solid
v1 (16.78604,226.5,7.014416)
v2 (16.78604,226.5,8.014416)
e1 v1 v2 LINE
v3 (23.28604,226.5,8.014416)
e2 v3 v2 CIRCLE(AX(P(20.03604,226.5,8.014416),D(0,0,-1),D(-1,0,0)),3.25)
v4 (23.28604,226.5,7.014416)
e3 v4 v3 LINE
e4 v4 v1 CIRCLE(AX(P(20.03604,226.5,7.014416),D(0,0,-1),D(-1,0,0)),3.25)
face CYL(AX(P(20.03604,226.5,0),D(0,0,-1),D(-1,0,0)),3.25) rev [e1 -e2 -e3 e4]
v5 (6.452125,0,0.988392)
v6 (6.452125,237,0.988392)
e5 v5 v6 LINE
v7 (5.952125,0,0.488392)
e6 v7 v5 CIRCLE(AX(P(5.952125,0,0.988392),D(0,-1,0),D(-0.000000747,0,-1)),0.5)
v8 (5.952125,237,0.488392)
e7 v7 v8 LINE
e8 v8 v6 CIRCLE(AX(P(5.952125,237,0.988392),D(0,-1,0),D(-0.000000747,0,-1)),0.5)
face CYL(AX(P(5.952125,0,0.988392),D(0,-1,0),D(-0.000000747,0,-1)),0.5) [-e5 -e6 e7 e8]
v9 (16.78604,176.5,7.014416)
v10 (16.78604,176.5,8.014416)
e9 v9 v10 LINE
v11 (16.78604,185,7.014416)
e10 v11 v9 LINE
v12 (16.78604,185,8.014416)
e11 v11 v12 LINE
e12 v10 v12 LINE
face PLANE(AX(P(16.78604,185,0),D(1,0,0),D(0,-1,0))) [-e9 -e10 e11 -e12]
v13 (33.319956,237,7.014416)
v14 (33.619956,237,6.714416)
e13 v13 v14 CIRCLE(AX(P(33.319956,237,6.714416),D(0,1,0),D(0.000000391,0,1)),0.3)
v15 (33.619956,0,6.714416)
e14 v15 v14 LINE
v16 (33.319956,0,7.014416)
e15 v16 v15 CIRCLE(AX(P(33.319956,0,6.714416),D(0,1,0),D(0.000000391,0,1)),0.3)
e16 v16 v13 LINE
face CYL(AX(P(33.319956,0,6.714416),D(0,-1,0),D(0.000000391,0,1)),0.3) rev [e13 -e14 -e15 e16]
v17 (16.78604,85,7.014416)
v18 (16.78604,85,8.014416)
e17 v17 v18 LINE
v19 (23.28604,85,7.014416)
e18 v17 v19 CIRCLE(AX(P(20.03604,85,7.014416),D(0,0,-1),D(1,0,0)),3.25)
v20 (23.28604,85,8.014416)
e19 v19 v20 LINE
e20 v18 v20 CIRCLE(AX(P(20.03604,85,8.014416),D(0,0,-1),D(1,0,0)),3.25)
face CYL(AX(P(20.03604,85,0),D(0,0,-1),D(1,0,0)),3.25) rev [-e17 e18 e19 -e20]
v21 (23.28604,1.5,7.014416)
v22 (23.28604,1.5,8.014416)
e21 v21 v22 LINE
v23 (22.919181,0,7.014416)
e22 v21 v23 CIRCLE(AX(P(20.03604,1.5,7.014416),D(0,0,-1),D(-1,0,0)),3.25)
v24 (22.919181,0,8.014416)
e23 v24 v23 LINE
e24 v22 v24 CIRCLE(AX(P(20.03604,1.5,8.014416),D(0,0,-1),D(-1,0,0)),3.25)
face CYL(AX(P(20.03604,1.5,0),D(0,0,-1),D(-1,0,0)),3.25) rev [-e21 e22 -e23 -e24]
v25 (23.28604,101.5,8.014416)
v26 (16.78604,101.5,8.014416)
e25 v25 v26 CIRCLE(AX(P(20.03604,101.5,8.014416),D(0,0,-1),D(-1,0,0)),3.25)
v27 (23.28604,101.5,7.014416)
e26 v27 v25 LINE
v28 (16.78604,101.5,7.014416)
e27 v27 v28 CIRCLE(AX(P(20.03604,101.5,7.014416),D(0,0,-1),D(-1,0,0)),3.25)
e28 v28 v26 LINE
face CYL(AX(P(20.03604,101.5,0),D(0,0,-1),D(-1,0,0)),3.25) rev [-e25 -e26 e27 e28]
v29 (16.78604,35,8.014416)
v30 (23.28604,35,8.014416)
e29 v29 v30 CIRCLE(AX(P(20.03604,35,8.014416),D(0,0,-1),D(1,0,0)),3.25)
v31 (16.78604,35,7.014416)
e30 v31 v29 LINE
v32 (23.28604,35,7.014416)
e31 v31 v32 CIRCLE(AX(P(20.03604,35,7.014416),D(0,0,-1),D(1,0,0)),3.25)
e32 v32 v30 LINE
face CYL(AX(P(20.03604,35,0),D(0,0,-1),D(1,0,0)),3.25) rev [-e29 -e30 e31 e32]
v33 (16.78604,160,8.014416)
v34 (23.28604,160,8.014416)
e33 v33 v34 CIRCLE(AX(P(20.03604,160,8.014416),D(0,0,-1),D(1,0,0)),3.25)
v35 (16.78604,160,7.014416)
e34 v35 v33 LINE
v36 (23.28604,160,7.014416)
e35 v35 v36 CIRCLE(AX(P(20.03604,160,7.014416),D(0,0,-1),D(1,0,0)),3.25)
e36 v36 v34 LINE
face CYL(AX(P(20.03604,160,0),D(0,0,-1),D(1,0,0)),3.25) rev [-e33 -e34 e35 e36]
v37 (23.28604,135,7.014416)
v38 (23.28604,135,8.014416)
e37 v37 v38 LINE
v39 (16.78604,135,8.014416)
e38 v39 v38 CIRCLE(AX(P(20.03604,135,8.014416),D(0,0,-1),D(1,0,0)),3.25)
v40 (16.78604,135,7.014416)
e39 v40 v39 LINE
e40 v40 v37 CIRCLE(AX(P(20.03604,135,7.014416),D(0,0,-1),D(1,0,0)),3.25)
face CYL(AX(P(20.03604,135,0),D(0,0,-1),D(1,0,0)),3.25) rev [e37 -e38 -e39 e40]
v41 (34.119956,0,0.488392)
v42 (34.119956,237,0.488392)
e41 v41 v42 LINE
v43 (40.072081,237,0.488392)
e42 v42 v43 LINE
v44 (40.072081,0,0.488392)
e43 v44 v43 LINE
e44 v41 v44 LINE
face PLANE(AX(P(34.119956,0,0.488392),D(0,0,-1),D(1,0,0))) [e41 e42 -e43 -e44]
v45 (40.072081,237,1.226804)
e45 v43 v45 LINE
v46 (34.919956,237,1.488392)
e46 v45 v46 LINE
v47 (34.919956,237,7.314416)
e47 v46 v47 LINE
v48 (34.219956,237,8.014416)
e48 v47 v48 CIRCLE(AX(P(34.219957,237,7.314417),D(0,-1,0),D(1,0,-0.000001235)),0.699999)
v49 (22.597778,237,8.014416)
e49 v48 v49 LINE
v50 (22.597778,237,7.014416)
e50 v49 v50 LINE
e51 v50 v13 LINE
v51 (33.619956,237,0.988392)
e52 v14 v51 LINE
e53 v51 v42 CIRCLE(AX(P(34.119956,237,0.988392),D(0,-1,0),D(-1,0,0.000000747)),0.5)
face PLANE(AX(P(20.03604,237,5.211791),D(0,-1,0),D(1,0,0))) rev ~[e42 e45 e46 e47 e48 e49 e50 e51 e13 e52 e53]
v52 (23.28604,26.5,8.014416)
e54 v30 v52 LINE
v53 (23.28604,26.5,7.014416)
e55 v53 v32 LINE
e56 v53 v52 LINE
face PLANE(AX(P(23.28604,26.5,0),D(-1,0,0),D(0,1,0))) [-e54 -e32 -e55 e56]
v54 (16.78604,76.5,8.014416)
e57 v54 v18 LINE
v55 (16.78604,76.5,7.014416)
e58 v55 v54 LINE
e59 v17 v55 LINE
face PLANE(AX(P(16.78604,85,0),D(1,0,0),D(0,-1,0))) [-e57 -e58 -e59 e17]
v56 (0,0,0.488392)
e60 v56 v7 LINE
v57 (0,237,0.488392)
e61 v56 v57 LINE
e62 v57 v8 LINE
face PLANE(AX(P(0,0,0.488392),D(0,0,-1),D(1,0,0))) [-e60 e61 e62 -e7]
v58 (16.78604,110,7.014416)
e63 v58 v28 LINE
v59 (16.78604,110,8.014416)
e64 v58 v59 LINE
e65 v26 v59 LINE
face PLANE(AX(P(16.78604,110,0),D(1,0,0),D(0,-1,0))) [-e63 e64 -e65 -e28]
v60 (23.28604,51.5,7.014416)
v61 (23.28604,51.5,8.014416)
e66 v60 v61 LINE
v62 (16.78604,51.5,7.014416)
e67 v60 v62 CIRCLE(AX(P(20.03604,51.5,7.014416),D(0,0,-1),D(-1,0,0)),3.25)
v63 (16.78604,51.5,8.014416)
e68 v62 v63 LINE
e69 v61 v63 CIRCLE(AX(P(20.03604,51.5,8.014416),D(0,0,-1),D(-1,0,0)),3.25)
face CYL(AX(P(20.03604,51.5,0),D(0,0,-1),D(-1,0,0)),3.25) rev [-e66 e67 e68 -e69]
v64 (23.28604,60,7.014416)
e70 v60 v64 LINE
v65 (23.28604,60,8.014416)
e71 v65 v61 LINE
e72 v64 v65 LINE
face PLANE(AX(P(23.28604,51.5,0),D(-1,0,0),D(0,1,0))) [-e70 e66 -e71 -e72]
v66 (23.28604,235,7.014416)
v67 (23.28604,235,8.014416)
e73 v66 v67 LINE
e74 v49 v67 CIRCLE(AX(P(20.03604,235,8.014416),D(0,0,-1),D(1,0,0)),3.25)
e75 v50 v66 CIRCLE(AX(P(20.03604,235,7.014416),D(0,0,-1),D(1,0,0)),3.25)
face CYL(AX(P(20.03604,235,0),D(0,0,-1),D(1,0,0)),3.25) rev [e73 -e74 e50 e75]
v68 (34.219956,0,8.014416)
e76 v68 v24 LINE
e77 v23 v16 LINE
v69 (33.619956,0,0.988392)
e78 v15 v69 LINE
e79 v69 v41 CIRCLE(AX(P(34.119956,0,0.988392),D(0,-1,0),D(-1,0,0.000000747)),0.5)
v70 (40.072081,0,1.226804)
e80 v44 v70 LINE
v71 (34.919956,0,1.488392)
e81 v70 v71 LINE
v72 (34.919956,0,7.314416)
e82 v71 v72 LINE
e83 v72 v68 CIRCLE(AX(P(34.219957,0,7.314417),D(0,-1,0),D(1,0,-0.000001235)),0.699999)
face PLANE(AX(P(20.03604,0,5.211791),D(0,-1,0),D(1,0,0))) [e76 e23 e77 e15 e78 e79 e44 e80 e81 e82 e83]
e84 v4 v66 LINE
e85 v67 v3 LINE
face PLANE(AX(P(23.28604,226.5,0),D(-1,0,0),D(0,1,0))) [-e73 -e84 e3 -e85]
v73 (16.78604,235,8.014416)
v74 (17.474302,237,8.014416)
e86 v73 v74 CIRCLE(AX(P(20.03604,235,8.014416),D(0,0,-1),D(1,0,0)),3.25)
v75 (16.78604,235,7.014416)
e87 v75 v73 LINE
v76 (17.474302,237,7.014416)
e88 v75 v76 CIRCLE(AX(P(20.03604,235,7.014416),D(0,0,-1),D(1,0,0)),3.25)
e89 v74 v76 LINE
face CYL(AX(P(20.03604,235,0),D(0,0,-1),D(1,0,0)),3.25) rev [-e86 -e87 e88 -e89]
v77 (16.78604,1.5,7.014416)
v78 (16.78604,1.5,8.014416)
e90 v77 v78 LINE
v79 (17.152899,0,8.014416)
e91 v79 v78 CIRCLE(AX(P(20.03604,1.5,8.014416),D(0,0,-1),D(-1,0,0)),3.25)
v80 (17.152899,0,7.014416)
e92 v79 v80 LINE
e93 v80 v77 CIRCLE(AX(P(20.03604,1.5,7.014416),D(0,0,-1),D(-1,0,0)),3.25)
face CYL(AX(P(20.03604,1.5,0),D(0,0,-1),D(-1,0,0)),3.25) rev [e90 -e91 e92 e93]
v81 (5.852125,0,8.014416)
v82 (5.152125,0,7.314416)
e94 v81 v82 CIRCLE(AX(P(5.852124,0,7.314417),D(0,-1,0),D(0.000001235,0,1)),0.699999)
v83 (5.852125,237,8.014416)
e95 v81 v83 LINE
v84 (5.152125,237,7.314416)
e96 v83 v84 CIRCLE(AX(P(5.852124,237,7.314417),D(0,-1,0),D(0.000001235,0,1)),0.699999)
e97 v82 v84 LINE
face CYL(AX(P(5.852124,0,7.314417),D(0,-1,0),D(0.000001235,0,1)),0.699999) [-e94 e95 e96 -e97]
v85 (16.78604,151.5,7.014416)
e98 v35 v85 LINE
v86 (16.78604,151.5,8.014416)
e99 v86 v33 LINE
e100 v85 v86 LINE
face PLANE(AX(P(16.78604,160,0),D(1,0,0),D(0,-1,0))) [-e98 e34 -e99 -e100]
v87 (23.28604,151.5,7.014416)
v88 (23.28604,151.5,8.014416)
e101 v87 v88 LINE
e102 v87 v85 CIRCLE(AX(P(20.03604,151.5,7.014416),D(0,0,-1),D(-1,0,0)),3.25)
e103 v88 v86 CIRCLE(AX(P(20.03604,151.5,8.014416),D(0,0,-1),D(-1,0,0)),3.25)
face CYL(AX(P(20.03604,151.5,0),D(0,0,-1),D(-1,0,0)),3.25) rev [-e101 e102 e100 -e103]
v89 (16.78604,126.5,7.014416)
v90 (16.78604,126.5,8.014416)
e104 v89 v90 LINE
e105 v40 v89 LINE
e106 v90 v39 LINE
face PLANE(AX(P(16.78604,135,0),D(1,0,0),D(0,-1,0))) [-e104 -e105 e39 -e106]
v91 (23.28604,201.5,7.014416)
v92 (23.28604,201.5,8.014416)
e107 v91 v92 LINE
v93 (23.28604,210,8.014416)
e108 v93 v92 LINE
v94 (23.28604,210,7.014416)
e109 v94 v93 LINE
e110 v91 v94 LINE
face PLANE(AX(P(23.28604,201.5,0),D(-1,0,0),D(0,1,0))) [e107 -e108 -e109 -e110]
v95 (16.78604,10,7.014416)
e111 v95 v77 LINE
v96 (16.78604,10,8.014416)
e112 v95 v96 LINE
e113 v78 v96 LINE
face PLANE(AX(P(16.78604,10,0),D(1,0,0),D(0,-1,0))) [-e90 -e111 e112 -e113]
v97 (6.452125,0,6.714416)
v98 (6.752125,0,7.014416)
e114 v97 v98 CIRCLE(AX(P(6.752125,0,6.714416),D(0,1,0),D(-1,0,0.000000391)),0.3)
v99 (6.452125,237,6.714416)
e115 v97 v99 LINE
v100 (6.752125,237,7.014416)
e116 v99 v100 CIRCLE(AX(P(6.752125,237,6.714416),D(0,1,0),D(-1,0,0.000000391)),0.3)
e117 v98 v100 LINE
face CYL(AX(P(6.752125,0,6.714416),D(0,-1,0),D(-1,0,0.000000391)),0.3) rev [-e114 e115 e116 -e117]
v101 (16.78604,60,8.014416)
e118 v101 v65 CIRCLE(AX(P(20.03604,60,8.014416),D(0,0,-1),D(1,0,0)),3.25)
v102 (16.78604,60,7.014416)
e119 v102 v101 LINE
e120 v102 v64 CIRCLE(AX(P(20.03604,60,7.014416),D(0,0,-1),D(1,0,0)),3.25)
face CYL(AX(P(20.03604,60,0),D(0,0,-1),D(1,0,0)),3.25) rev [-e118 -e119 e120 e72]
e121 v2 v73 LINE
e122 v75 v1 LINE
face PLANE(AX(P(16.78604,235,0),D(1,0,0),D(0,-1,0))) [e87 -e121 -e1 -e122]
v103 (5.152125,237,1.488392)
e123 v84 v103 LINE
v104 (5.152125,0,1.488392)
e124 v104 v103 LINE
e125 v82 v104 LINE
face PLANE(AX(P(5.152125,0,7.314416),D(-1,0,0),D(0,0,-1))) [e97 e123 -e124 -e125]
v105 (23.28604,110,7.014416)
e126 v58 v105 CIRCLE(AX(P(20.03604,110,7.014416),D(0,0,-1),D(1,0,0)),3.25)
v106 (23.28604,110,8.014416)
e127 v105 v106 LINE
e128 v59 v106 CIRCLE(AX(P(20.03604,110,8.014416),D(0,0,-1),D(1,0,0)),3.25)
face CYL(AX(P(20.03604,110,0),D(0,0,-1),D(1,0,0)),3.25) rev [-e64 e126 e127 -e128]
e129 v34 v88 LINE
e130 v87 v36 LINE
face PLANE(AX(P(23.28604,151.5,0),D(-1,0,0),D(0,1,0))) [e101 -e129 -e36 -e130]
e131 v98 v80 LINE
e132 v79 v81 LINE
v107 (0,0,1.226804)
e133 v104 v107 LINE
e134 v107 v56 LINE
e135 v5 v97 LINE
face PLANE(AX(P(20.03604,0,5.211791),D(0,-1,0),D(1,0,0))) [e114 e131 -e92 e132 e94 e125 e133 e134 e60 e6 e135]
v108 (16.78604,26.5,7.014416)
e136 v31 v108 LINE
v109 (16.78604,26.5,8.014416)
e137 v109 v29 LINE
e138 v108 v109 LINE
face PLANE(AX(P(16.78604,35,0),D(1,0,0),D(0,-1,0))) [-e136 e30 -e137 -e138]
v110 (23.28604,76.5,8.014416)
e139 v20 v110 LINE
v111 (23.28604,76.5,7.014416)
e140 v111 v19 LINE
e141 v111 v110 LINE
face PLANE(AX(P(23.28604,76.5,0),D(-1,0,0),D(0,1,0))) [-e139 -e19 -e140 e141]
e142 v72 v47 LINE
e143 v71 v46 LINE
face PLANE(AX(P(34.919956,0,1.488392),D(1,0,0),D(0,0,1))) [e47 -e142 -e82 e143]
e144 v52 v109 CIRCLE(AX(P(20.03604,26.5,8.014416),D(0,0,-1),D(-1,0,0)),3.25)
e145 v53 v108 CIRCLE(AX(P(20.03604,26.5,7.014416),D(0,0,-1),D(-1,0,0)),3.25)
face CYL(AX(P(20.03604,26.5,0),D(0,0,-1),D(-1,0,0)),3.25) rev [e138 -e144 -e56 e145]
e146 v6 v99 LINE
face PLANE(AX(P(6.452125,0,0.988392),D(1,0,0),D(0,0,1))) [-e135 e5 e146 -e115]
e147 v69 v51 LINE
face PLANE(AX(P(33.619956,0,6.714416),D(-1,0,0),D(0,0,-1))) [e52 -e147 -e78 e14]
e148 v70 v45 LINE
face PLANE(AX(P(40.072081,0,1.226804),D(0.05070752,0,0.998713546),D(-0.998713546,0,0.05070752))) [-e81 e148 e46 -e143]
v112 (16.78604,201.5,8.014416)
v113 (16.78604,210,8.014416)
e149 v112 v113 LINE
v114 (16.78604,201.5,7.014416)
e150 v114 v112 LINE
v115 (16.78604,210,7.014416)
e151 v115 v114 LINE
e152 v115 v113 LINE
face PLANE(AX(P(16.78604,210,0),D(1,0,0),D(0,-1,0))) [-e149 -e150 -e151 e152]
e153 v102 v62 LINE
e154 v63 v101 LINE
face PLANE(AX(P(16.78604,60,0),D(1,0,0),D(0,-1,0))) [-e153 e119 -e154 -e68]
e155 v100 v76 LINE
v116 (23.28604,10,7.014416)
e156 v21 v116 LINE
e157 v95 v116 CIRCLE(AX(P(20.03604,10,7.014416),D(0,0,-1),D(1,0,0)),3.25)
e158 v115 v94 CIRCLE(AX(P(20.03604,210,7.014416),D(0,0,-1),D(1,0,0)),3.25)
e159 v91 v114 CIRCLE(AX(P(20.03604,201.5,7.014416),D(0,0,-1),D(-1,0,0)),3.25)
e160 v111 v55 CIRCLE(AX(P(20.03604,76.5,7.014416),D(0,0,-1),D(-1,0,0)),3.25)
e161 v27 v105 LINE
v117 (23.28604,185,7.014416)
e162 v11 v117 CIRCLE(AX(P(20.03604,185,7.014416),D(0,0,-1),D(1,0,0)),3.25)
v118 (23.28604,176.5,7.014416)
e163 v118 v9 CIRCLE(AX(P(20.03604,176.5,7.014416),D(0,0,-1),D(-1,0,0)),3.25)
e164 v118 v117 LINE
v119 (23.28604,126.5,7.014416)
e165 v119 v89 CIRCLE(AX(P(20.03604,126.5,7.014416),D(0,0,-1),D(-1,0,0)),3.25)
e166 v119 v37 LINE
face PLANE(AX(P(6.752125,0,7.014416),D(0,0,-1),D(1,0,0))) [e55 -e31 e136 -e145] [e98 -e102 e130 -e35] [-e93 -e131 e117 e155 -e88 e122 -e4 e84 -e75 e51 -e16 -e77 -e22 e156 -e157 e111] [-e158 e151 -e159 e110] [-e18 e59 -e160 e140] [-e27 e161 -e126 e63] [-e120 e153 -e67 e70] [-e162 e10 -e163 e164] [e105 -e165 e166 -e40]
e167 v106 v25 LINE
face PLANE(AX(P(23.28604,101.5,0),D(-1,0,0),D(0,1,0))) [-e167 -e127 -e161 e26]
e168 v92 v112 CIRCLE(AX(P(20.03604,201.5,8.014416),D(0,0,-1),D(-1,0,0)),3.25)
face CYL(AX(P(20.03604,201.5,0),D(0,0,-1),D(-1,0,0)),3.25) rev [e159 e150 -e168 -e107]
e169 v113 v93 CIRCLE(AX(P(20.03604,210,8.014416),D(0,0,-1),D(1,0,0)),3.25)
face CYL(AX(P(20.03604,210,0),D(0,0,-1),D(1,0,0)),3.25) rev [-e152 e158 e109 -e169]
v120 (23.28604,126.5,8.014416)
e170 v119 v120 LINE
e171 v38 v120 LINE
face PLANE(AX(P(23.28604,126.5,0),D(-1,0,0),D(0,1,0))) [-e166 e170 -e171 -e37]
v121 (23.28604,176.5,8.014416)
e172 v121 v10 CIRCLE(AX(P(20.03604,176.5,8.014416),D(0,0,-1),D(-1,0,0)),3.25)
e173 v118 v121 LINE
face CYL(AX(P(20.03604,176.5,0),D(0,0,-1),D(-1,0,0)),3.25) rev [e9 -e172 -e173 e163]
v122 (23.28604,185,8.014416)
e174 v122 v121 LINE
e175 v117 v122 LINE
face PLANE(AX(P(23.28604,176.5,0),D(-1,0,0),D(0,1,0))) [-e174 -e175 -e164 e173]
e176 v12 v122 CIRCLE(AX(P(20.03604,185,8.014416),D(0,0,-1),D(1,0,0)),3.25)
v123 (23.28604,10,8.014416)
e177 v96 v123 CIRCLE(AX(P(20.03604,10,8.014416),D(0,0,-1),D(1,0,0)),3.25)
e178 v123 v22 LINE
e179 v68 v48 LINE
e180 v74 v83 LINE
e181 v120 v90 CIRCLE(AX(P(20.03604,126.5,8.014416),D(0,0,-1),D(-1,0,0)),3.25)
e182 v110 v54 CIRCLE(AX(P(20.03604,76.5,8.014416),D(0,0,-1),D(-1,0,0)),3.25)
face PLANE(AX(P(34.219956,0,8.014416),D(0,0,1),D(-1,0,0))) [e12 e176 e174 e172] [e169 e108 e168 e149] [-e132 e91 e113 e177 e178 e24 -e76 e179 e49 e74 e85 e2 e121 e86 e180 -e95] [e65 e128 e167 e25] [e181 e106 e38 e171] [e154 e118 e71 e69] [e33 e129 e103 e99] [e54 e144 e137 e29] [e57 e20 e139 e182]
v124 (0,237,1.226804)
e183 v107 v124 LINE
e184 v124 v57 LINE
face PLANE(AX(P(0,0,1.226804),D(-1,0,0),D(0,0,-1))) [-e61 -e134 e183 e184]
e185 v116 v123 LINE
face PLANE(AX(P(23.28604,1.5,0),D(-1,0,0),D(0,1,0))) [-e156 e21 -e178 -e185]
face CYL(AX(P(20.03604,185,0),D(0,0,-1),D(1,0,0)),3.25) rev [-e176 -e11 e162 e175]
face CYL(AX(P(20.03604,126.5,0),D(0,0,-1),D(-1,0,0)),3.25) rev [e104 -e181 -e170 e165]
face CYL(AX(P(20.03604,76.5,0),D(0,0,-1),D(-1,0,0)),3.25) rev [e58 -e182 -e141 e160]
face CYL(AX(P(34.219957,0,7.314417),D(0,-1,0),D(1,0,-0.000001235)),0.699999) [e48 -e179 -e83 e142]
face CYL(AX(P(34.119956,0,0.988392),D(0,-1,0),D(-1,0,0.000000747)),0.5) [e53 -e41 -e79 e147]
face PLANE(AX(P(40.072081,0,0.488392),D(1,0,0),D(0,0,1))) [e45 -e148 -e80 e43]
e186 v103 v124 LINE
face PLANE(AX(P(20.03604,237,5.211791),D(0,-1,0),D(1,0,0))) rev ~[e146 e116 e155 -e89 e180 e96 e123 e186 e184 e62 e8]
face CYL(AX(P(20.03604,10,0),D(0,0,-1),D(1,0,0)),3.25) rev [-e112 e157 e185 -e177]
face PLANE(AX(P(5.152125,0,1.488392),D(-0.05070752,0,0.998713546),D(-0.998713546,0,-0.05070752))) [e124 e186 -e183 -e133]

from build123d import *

# Parameters (mm, degrees)
F1_DEPTH = 237
F3_DEPTH = 8.015416


with BuildPart() as f1:
    # F0 (on Front) → F1 (new body)
    with BuildSketch(Plane.XZ):
        with BuildLine():
            Line((5.152125, 1.488392), (0, 1.226804))
            Line((0, 1.226804), (0, 0.488392))
            Line((0, 0.488392), (5.952125, 0.488392))
            ThreePointArc((5.952125, 0.488392), (6.305678, 0.634838), (6.452125, 0.988392))
            Line((6.452125, 0.988392), (6.452125, 6.714416))
            ThreePointArc((6.452125, 6.714416), (6.539993, 6.926548), (6.752125, 7.014416))
            Line((6.752125, 7.014416), (33.319956, 7.014416))
            ThreePointArc((33.319956, 7.014416), (33.532088, 6.926548), (33.619956, 6.714416))
            Line((33.619956, 6.714416), (33.619956, 0.988392))
            ThreePointArc((33.619956, 0.988392), (33.766403, 0.634838), (34.119956, 0.488392))
            Line((34.119956, 0.488392), (40.072081, 0.488392))
            Line((40.072081, 0.488392), (40.072081, 1.226804))
            Line((40.072081, 1.226804), (34.919956, 1.488392))
            Line((34.919956, 1.488392), (34.919956, 7.314416))
            ThreePointArc((34.919956, 7.314416), (34.714931, 7.809391), (34.219956, 8.014416))
            Line((34.219956, 8.014416), (5.852125, 8.014416))
            ThreePointArc((5.852125, 8.014416), (5.35715, 7.809391), (5.152125, 7.314416))
            Line((5.152125, 7.314416), (5.152125, 1.488392))
        make_face()
    extrude(amount=-F1_DEPTH)

    # F2 (on Top) → F3 (cut, through all)
    with BuildSketch(Plane.XY):
        with BuildLine():
            ThreePointArc((23.28604, 10), (20.03604, 13.25), (16.78604, 10))
            Line((16.78604, 10), (16.78604, 1.5))
            ThreePointArc((16.78604, 1.5), (20.03604, -1.75), (23.28604, 1.5))
            Line((23.28604, 1.5), (23.28604, 10))
        make_face()
        with BuildLine():
            Line((16.78604, 35), (16.78604, 26.5))
            ThreePointArc((16.78604, 26.5), (20.03604, 23.25), (23.28604, 26.5))
            Line((23.28604, 26.5), (23.28604, 35))
            ThreePointArc((23.28604, 35), (20.03604, 38.25), (16.78604, 35))
        make_face()
        with BuildLine():
            Line((16.78604, 60), (16.78604, 51.5))
            ThreePointArc((16.78604, 51.5), (20.03604, 48.25), (23.28604, 51.5))
            Line((23.28604, 51.5), (23.28604, 60))
            ThreePointArc((23.28604, 60), (20.03604, 63.25), (16.78604, 60))
        make_face()
        with BuildLine():
            Line((16.78604, 85), (16.78604, 76.5))
            ThreePointArc((16.78604, 76.5), (20.03604, 73.25), (23.28604, 76.5))
            Line((23.28604, 76.5), (23.28604, 85))
            ThreePointArc((23.28604, 85), (20.03604, 88.25), (16.78604, 85))
        make_face()
        with BuildLine():
            Line((16.78604, 110), (16.78604, 101.5))
            ThreePointArc((16.78604, 101.5), (20.03604, 98.25), (23.28604, 101.5))
            Line((23.28604, 101.5), (23.28604, 110))
            ThreePointArc((23.28604, 110), (20.03604, 113.25), (16.78604, 110))
        make_face()
        with BuildLine():
            Line((16.78604, 135), (16.78604, 126.5))
            ThreePointArc((16.78604, 126.5), (20.03604, 123.25), (23.28604, 126.5))
            Line((23.28604, 126.5), (23.28604, 135))
            ThreePointArc((23.28604, 135), (20.03604, 138.25), (16.78604, 135))
        make_face()
        with BuildLine():
            Line((16.78604, 160), (16.78604, 151.5))
            ThreePointArc((16.78604, 151.5), (20.03604, 148.25), (23.28604, 151.5))
            Line((23.28604, 151.5), (23.28604, 160))
            ThreePointArc((23.28604, 160), (20.03604, 163.25), (16.78604, 160))
        make_face()
        with BuildLine():
            Line((16.78604, 185), (16.78604, 176.5))
            ThreePointArc((16.78604, 176.5), (20.03604, 173.25), (23.28604, 176.5))
            Line((23.28604, 176.5), (23.28604, 185))
            ThreePointArc((23.28604, 185), (20.03604, 188.25), (16.78604, 185))
        make_face()
        with BuildLine():
            Line((16.78604, 210), (16.78604, 201.5))
            ThreePointArc((16.78604, 201.5), (20.03604, 198.25), (23.28604, 201.5))
            Line((23.28604, 201.5), (23.28604, 210))
            ThreePointArc((23.28604, 210), (20.03604, 213.25), (16.78604, 210))
        make_face()
        with BuildLine():
            Line((16.78604, 235), (16.78604, 226.5))
            ThreePointArc((16.78604, 226.5), (20.03604, 223.25), (23.28604, 226.5))
            Line((23.28604, 226.5), (23.28604, 235))
            ThreePointArc((23.28604, 235), (20.03604, 238.25), (16.78604, 235))
        make_face()
    extrude(amount=F3_DEPTH, mode=Mode.SUBTRACT)


solid = f1.part
